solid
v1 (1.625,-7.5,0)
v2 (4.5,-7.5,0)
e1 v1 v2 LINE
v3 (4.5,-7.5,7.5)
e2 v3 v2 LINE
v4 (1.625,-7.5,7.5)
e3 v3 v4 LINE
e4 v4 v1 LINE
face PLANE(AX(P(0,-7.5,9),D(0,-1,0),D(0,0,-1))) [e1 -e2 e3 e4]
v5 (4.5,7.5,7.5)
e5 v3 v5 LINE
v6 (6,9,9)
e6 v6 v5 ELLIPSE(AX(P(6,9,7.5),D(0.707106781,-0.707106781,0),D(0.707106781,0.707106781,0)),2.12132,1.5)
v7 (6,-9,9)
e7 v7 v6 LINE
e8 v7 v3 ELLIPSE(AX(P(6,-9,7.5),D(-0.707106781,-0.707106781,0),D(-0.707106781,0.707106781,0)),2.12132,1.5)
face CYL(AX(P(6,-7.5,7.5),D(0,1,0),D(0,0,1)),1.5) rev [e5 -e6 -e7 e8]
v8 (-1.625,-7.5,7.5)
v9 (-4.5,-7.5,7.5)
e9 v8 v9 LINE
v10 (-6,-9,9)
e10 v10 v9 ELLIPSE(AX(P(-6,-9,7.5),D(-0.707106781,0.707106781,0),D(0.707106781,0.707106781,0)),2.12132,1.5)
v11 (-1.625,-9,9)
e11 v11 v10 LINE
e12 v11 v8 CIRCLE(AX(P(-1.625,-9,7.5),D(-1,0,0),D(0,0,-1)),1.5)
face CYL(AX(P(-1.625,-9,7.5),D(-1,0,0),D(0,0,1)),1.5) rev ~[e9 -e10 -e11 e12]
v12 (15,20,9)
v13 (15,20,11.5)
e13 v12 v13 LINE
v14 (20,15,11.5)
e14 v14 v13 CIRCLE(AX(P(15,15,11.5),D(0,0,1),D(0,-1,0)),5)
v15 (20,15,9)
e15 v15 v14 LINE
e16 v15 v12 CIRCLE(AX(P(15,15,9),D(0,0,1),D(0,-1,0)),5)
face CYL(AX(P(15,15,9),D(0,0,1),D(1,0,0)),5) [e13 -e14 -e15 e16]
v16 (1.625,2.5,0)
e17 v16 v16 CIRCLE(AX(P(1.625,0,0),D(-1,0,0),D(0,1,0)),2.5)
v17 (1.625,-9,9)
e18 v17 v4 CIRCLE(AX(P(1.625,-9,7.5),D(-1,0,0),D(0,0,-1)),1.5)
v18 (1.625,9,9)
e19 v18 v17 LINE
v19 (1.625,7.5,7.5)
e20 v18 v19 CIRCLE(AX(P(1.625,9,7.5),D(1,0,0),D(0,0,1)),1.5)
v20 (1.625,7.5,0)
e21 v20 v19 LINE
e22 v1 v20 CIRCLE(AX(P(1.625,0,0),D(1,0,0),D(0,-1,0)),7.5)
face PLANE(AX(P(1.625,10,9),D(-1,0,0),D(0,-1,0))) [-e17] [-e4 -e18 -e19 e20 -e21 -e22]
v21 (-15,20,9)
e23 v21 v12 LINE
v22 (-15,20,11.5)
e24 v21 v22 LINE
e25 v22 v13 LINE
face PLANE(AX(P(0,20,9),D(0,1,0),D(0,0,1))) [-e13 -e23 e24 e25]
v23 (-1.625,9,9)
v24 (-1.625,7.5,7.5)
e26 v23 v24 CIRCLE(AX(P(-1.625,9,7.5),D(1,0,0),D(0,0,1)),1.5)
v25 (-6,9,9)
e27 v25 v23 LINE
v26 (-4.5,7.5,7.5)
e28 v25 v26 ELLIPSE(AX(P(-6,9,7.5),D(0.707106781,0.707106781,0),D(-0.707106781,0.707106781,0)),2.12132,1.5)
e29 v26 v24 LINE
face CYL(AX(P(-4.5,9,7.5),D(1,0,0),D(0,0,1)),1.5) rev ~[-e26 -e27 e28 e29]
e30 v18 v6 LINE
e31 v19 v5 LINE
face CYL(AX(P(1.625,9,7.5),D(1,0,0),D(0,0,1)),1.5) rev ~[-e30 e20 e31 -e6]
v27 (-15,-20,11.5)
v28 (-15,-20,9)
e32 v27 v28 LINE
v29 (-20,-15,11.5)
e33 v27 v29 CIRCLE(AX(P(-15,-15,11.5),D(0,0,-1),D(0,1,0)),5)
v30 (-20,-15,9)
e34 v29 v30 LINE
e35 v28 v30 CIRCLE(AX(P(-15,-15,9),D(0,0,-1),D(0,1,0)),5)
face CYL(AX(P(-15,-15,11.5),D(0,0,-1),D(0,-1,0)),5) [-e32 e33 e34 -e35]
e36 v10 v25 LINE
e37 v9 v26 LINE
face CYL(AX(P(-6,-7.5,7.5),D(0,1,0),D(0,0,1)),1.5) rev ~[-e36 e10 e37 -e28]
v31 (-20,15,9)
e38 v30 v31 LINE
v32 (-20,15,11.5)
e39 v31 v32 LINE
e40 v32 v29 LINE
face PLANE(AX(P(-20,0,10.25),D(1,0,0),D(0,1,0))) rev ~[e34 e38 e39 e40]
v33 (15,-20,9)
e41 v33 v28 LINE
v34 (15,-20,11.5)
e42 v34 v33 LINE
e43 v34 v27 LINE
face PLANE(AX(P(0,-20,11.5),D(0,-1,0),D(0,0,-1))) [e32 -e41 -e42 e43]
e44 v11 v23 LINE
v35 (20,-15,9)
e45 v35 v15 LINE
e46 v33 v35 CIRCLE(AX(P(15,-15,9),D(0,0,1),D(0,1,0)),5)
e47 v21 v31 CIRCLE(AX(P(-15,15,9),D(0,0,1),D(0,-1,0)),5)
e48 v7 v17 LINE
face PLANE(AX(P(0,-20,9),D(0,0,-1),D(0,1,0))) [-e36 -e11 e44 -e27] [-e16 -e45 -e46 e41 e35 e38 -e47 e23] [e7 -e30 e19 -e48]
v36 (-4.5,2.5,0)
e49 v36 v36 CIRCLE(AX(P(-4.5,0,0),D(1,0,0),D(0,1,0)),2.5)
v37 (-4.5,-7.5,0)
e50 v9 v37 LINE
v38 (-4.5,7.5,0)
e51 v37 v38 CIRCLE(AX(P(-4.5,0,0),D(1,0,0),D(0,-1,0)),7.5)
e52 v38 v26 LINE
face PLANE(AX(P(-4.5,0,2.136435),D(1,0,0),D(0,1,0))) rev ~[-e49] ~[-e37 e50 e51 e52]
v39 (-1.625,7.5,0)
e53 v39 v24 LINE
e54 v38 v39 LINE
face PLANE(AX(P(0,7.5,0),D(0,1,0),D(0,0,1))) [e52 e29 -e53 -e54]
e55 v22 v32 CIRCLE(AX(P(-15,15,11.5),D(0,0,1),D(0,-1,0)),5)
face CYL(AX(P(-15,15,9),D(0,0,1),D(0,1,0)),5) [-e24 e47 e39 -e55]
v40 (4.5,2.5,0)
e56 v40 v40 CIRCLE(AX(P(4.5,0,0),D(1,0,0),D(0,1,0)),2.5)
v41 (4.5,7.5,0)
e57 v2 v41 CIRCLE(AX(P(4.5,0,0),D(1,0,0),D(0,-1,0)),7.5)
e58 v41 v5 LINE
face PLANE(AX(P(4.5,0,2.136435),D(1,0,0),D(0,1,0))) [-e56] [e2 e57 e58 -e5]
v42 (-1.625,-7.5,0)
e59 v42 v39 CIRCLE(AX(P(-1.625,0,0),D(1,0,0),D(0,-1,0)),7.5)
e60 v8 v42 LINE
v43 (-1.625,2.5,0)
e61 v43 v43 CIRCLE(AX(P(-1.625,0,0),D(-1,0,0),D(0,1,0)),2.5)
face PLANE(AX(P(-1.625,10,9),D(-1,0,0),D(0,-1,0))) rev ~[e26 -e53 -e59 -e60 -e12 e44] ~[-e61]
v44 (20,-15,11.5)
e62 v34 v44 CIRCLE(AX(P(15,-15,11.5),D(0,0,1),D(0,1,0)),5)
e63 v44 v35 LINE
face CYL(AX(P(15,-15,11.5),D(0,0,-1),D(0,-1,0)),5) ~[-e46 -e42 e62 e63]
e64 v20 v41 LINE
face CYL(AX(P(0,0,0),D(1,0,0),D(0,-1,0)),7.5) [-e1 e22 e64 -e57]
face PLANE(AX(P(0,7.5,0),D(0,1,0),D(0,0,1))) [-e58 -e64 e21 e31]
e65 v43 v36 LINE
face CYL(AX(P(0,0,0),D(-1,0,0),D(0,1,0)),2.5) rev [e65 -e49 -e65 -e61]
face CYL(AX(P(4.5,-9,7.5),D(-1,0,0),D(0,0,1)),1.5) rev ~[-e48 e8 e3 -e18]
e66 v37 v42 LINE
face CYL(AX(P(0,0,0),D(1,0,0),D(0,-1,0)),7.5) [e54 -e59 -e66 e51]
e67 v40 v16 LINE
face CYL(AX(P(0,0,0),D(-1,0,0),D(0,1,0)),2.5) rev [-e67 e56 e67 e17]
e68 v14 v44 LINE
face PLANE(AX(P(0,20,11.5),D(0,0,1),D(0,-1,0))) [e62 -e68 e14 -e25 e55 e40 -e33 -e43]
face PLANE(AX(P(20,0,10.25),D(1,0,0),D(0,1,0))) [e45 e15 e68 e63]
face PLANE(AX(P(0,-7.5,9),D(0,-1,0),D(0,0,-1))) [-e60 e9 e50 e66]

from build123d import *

# Parameters (mm, degrees)
F0_R     = 2.5
F1_DEPTH = 4.5
F2_DEPTH = 20
F3_W     = 3.25
F3_H     = 20
F4_DEPTH = 25
F5_R     = 1.5
F6_R     = 5


with BuildPart() as f1:
    # F0 (on Right) → F1 (new body, symmetric)
    with BuildSketch(Plane.YZ):
        with BuildLine():
            Line((-7.5, 9), (-7.5, 0))
            ThreePointArc((-7.5, 0), (0, -7.5), (7.5, 0))
            Line((7.5, 0), (7.5, 9))
            Line((7.5, 9), (-7.5, 9))
        make_face()
        Circle(F0_R, mode=Mode.SUBTRACT)
        Polygon((-20, 9), (-7.5, 9), (7.5, 9), (20, 9), (20, 11.5), (-20, 11.5), align=None)
    extrude(amount=F1_DEPTH, both=True)

    # F0 (on Right) → F2 (join, symmetric)
    with BuildSketch(Plane.YZ):
        Polygon((-20, 9), (-7.5, 9), (7.5, 9), (20, 9), (20, 11.5), (-20, 11.5), align=None)
    extrude(amount=F2_DEPTH, both=True)

    # F3 (on face) → F4 (cut)
    with BuildSketch(Plane(origin=(0, 0, 9), x_dir=(1, 0, 0), z_dir=(0, 0, -1))):
        Rectangle(F3_W, F3_H)
    extrude(amount=F4_DEPTH, mode=Mode.SUBTRACT)

    # F5
    f5_edges = [f1.edges().sort_by_distance(p)[0] for p in [
        (-4.5, 0, 9),
        (4.5, 0, 9),
        (-3.0625, 7.5, 9),
        (3.0625, 7.5, 9),
        (-3.0625, -7.5, 9),
        (3.0625, -7.5, 9),
    ]]
    fillet(f5_edges, radius=F5_R)

    # F6
    f6_edges = [f1.edges().sort_by_distance(p)[0] for p in [
        (20, -20, 10.25),
        (-20, -20, 10.25),
        (20, 20, 10.25),
        (-20, 20, 10.25),
    ]]
    fillet(f6_edges, radius=F6_R)


solid = f1.part
